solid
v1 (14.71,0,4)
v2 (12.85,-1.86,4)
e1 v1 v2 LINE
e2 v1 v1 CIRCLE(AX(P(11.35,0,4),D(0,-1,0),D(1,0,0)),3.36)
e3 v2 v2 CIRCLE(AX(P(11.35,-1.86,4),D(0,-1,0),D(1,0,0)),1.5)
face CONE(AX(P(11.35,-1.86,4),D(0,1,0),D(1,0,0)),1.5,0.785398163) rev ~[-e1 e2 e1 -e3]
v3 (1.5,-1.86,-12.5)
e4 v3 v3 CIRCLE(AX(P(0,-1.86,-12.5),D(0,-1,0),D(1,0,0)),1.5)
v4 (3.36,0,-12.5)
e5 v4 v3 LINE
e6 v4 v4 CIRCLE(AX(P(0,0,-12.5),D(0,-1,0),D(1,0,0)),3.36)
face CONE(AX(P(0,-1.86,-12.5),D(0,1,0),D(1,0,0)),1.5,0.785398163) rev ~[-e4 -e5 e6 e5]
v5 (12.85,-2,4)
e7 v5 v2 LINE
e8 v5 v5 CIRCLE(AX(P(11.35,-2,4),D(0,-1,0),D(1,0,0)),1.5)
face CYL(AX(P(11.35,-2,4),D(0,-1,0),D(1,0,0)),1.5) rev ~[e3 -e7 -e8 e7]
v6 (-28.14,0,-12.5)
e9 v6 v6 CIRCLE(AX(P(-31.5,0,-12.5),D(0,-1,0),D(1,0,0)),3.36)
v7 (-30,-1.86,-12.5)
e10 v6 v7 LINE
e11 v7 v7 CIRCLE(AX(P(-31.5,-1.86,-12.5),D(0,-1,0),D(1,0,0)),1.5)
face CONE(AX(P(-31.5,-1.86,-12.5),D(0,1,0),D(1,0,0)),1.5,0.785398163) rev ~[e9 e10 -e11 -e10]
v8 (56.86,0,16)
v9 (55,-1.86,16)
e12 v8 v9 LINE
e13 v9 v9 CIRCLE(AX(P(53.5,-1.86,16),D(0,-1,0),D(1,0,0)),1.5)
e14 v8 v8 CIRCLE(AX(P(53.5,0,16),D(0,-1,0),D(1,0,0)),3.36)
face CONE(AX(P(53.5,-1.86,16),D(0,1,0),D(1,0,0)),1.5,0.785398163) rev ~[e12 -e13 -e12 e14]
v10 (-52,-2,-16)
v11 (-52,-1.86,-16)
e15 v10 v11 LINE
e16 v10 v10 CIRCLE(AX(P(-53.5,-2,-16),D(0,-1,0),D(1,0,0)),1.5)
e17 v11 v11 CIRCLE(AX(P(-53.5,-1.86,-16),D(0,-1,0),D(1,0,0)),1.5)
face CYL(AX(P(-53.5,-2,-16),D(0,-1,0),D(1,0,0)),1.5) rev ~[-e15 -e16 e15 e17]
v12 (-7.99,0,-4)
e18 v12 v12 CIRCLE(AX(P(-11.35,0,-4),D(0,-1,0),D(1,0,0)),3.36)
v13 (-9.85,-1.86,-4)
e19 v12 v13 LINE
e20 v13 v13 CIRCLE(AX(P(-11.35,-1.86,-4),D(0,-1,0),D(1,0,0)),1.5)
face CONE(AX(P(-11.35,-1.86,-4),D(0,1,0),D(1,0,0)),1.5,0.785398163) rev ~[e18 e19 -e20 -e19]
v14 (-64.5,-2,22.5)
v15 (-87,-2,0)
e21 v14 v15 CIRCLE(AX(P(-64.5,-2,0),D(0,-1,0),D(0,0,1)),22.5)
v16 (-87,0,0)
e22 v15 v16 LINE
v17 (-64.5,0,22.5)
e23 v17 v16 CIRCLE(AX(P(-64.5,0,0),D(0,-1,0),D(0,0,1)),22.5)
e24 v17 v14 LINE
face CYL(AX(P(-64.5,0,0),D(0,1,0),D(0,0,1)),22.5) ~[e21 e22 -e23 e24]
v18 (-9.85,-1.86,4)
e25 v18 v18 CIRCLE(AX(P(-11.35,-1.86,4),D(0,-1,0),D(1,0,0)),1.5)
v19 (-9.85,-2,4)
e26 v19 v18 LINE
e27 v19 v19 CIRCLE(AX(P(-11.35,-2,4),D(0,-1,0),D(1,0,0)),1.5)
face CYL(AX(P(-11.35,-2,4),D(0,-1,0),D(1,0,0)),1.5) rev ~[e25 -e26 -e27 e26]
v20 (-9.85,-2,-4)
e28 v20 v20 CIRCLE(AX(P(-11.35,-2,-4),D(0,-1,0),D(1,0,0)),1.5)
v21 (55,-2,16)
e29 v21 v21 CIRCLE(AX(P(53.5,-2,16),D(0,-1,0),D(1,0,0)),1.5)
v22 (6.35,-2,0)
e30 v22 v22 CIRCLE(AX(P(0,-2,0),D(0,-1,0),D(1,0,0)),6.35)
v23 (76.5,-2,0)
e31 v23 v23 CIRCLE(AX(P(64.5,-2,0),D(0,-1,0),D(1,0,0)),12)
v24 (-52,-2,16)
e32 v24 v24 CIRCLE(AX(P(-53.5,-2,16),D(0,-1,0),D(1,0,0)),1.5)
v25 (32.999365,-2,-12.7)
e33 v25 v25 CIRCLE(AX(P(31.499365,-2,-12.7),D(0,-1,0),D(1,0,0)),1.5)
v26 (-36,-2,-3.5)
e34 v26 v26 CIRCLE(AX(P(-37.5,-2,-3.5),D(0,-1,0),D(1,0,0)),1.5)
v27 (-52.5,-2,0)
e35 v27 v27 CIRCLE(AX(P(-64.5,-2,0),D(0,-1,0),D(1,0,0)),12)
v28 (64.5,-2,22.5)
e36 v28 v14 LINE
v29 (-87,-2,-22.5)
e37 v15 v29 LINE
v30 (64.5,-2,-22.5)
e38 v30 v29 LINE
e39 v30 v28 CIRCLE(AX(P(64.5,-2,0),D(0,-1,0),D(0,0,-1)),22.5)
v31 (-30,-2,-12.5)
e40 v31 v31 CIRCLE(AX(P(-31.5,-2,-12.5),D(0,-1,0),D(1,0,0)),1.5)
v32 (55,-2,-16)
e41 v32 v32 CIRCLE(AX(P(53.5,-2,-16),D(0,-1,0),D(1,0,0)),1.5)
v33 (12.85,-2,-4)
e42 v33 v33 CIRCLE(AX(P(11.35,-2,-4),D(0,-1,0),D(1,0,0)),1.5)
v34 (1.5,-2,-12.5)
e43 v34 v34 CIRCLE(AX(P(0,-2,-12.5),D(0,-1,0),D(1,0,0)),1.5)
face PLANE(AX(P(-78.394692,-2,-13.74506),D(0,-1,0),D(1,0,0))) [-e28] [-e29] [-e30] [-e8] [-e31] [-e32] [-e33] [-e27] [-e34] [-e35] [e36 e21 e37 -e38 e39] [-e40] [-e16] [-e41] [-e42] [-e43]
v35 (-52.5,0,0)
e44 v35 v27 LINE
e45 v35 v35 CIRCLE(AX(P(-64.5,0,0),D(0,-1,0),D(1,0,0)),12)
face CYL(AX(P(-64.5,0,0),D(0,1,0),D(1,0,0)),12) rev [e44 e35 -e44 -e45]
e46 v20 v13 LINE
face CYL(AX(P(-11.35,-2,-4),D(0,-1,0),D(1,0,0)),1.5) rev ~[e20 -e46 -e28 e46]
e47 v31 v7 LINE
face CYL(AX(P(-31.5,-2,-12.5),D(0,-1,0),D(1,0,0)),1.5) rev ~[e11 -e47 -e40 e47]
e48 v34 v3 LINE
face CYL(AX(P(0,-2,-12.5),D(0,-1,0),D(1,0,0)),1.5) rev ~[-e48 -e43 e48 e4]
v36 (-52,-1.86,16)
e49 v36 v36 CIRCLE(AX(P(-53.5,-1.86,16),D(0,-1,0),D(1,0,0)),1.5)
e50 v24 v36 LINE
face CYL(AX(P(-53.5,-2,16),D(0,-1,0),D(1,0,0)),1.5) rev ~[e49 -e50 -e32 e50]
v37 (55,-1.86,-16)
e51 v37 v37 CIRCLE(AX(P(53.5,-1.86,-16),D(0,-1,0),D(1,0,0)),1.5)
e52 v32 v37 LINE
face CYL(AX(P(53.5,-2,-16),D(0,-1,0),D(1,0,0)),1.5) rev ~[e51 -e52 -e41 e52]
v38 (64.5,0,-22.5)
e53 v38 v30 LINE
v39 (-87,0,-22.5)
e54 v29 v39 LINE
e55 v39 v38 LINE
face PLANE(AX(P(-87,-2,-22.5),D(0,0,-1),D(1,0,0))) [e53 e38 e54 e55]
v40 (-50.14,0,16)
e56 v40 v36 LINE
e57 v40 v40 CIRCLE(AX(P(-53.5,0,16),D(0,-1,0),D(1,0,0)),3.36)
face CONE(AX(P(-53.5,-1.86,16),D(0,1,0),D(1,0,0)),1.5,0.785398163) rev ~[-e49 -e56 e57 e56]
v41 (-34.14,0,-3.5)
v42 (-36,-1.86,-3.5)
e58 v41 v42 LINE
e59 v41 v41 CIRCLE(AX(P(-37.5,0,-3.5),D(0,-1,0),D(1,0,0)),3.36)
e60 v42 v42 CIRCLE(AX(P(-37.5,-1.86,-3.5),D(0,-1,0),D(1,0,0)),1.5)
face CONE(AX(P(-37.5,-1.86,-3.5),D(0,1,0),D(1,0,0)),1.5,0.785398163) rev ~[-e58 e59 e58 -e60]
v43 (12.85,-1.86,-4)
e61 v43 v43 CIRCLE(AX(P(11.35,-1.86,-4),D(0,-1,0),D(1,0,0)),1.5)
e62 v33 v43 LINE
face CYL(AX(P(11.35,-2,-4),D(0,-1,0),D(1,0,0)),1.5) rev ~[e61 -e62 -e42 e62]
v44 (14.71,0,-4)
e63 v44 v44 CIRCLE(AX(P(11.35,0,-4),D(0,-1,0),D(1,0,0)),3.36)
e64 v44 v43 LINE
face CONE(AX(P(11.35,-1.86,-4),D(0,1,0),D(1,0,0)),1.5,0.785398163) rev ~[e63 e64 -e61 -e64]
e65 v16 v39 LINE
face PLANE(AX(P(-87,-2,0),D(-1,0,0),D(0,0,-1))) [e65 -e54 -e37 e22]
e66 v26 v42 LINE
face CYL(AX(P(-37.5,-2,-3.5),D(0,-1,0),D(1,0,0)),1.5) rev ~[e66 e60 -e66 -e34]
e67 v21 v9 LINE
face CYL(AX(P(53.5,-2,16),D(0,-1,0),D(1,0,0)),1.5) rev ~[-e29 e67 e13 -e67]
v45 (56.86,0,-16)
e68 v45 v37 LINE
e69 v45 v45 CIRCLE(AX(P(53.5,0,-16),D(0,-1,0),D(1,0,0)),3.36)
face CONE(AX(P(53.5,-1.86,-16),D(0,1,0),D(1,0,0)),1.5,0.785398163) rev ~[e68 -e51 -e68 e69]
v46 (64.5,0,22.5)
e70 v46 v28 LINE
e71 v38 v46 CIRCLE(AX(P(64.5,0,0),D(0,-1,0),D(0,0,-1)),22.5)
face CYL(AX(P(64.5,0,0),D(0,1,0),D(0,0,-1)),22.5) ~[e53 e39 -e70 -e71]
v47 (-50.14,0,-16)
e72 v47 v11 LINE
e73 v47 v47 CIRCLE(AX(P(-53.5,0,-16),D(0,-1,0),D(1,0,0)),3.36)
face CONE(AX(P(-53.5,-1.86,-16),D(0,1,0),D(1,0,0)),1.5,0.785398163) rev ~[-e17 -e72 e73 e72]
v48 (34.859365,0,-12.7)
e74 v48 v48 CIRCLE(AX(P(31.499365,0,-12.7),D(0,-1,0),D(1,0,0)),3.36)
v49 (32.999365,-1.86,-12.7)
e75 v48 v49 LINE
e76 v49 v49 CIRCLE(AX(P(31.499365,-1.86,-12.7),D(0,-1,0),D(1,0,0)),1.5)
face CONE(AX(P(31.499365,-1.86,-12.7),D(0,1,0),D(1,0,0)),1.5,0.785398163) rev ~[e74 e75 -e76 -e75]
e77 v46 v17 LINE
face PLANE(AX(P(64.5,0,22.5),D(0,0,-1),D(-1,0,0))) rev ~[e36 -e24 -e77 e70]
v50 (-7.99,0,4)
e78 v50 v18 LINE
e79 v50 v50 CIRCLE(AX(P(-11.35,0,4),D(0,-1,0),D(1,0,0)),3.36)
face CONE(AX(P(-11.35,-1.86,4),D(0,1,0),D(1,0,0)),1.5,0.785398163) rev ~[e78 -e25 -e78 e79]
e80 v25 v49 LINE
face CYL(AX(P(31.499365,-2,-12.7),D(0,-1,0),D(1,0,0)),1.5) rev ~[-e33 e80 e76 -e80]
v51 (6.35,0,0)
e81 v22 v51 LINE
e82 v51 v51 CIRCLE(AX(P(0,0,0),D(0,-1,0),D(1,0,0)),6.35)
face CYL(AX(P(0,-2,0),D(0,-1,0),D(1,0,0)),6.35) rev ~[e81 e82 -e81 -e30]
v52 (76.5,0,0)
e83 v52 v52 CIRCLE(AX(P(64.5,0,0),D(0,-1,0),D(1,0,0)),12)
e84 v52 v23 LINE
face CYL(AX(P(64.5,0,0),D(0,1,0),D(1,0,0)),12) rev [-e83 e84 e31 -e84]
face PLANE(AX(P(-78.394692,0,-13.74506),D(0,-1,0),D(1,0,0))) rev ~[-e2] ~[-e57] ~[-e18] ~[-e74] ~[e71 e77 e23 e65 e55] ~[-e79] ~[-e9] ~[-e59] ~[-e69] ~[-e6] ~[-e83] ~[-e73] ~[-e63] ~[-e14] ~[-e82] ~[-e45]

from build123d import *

# Parameters (mm, degrees)
F0_R      = 12
F1_DEPTH  = 2
F3_DEPTH  = 2
F4_R      = 1.5
F5_DEPTH  = 25
F6_R      = 6.35
F7_DEPTH  = 25
F8_R      = 1.5
F9_DEPTH  = 25
F10_R     = 1.5
F11_DEPTH = 25
F12_SIZE  = 1.86


with BuildPart() as f1:
    # F0 (on Front) → F1 (new body)
    with BuildSketch(Plane.XZ):
        with BuildLine():
            ThreePointArc((64.5, -22.5), (87, 0), (64.5, 22.5))
            Line((64.5, 22.5), (-64.5, 22.5))
            ThreePointArc((-64.5, 22.5), (-87, 0), (-64.5, -22.5))
            Line((-64.5, -22.5), (64.5, -22.5))
        make_face()
        with Locations((-64.5, 0)):
            Circle(F0_R, mode=Mode.SUBTRACT)
        with Locations((64.5, 0)):
            Circle(F0_R, mode=Mode.SUBTRACT)
    extrude(amount=F1_DEPTH)

    # F2 (on face) → F3 (join)
    with BuildSketch(Plane.XZ.offset(2)):
        Polygon((-87, -22.5), (-64.5, -22.5), (-64.5, -17.4313578755), (-70.5482587218, -14.7617282346), (-78.2682448626, -9.4630774111), (-80.8771923184, 0), (-87, 0), align=None)
    extrude(amount=-F3_DEPTH)

    # F4 (on face) → F5 (cut)
    with BuildSketch(Plane.XZ.offset(2)):
        with Locations((-53.5, 16)):
            Circle(F4_R)
        with Locations((-53.5, -16)):
            Circle(F4_R)
        with Locations((53.5, 16)):
            Circle(F4_R)
        with Locations((53.5, -16)):
            Circle(F4_R)
    extrude(amount=-F5_DEPTH, mode=Mode.SUBTRACT)

    # F6 (on face) → F7 (cut)
    with BuildSketch(Plane.XZ.offset(2)):
        Circle(F6_R)
    extrude(amount=-F7_DEPTH, mode=Mode.SUBTRACT)

    # F8 (on face) → F9 (cut)
    with BuildSketch(Plane.XZ.offset(2)):
        with Locations((-11.35, 4)):
            Circle(F8_R)
        with Locations((-11.35, -4)):
            Circle(F8_R)
        with Locations((11.35, 4)):
            Circle(F8_R)
        with Locations((11.35, -4)):
            Circle(F8_R)
    extrude(amount=-F9_DEPTH, mode=Mode.SUBTRACT)

    # F10 (on face) → F11 (cut)
    with BuildSketch(Plane.XZ.offset(2)):
        with Locations((0, -12.5)):
            Circle(F10_R)
        with Locations((31.499365073, -12.7)):
            Circle(F10_R)
        with Locations((-31.5, -12.5)):
            Circle(F10_R)
        with Locations((-37.5, -3.5)):
            Circle(F10_R)
    extrude(amount=-F11_DEPTH, mode=Mode.SUBTRACT)

    # F12
    f12_edges = [f1.edges().sort_by_distance(p)[0] for p in [
        (-55, 0, -16),
        (-33, 0, -12.5),
        (-55, 0, 16),
        (-12.85, 0, -4),
        (-12.85, 0, 4),
        (-1.5, 0, -12.5),
        (9.85, 0, -4),
        (9.85, 0, 4),
        (29.999365, 0, -12.7),
        (52, 0, -16),
        (52, 0, 16),
        (-39, 0, -3.5),
    ]]
    chamfer(f12_edges, length=F12_SIZE)


solid = f1.part
